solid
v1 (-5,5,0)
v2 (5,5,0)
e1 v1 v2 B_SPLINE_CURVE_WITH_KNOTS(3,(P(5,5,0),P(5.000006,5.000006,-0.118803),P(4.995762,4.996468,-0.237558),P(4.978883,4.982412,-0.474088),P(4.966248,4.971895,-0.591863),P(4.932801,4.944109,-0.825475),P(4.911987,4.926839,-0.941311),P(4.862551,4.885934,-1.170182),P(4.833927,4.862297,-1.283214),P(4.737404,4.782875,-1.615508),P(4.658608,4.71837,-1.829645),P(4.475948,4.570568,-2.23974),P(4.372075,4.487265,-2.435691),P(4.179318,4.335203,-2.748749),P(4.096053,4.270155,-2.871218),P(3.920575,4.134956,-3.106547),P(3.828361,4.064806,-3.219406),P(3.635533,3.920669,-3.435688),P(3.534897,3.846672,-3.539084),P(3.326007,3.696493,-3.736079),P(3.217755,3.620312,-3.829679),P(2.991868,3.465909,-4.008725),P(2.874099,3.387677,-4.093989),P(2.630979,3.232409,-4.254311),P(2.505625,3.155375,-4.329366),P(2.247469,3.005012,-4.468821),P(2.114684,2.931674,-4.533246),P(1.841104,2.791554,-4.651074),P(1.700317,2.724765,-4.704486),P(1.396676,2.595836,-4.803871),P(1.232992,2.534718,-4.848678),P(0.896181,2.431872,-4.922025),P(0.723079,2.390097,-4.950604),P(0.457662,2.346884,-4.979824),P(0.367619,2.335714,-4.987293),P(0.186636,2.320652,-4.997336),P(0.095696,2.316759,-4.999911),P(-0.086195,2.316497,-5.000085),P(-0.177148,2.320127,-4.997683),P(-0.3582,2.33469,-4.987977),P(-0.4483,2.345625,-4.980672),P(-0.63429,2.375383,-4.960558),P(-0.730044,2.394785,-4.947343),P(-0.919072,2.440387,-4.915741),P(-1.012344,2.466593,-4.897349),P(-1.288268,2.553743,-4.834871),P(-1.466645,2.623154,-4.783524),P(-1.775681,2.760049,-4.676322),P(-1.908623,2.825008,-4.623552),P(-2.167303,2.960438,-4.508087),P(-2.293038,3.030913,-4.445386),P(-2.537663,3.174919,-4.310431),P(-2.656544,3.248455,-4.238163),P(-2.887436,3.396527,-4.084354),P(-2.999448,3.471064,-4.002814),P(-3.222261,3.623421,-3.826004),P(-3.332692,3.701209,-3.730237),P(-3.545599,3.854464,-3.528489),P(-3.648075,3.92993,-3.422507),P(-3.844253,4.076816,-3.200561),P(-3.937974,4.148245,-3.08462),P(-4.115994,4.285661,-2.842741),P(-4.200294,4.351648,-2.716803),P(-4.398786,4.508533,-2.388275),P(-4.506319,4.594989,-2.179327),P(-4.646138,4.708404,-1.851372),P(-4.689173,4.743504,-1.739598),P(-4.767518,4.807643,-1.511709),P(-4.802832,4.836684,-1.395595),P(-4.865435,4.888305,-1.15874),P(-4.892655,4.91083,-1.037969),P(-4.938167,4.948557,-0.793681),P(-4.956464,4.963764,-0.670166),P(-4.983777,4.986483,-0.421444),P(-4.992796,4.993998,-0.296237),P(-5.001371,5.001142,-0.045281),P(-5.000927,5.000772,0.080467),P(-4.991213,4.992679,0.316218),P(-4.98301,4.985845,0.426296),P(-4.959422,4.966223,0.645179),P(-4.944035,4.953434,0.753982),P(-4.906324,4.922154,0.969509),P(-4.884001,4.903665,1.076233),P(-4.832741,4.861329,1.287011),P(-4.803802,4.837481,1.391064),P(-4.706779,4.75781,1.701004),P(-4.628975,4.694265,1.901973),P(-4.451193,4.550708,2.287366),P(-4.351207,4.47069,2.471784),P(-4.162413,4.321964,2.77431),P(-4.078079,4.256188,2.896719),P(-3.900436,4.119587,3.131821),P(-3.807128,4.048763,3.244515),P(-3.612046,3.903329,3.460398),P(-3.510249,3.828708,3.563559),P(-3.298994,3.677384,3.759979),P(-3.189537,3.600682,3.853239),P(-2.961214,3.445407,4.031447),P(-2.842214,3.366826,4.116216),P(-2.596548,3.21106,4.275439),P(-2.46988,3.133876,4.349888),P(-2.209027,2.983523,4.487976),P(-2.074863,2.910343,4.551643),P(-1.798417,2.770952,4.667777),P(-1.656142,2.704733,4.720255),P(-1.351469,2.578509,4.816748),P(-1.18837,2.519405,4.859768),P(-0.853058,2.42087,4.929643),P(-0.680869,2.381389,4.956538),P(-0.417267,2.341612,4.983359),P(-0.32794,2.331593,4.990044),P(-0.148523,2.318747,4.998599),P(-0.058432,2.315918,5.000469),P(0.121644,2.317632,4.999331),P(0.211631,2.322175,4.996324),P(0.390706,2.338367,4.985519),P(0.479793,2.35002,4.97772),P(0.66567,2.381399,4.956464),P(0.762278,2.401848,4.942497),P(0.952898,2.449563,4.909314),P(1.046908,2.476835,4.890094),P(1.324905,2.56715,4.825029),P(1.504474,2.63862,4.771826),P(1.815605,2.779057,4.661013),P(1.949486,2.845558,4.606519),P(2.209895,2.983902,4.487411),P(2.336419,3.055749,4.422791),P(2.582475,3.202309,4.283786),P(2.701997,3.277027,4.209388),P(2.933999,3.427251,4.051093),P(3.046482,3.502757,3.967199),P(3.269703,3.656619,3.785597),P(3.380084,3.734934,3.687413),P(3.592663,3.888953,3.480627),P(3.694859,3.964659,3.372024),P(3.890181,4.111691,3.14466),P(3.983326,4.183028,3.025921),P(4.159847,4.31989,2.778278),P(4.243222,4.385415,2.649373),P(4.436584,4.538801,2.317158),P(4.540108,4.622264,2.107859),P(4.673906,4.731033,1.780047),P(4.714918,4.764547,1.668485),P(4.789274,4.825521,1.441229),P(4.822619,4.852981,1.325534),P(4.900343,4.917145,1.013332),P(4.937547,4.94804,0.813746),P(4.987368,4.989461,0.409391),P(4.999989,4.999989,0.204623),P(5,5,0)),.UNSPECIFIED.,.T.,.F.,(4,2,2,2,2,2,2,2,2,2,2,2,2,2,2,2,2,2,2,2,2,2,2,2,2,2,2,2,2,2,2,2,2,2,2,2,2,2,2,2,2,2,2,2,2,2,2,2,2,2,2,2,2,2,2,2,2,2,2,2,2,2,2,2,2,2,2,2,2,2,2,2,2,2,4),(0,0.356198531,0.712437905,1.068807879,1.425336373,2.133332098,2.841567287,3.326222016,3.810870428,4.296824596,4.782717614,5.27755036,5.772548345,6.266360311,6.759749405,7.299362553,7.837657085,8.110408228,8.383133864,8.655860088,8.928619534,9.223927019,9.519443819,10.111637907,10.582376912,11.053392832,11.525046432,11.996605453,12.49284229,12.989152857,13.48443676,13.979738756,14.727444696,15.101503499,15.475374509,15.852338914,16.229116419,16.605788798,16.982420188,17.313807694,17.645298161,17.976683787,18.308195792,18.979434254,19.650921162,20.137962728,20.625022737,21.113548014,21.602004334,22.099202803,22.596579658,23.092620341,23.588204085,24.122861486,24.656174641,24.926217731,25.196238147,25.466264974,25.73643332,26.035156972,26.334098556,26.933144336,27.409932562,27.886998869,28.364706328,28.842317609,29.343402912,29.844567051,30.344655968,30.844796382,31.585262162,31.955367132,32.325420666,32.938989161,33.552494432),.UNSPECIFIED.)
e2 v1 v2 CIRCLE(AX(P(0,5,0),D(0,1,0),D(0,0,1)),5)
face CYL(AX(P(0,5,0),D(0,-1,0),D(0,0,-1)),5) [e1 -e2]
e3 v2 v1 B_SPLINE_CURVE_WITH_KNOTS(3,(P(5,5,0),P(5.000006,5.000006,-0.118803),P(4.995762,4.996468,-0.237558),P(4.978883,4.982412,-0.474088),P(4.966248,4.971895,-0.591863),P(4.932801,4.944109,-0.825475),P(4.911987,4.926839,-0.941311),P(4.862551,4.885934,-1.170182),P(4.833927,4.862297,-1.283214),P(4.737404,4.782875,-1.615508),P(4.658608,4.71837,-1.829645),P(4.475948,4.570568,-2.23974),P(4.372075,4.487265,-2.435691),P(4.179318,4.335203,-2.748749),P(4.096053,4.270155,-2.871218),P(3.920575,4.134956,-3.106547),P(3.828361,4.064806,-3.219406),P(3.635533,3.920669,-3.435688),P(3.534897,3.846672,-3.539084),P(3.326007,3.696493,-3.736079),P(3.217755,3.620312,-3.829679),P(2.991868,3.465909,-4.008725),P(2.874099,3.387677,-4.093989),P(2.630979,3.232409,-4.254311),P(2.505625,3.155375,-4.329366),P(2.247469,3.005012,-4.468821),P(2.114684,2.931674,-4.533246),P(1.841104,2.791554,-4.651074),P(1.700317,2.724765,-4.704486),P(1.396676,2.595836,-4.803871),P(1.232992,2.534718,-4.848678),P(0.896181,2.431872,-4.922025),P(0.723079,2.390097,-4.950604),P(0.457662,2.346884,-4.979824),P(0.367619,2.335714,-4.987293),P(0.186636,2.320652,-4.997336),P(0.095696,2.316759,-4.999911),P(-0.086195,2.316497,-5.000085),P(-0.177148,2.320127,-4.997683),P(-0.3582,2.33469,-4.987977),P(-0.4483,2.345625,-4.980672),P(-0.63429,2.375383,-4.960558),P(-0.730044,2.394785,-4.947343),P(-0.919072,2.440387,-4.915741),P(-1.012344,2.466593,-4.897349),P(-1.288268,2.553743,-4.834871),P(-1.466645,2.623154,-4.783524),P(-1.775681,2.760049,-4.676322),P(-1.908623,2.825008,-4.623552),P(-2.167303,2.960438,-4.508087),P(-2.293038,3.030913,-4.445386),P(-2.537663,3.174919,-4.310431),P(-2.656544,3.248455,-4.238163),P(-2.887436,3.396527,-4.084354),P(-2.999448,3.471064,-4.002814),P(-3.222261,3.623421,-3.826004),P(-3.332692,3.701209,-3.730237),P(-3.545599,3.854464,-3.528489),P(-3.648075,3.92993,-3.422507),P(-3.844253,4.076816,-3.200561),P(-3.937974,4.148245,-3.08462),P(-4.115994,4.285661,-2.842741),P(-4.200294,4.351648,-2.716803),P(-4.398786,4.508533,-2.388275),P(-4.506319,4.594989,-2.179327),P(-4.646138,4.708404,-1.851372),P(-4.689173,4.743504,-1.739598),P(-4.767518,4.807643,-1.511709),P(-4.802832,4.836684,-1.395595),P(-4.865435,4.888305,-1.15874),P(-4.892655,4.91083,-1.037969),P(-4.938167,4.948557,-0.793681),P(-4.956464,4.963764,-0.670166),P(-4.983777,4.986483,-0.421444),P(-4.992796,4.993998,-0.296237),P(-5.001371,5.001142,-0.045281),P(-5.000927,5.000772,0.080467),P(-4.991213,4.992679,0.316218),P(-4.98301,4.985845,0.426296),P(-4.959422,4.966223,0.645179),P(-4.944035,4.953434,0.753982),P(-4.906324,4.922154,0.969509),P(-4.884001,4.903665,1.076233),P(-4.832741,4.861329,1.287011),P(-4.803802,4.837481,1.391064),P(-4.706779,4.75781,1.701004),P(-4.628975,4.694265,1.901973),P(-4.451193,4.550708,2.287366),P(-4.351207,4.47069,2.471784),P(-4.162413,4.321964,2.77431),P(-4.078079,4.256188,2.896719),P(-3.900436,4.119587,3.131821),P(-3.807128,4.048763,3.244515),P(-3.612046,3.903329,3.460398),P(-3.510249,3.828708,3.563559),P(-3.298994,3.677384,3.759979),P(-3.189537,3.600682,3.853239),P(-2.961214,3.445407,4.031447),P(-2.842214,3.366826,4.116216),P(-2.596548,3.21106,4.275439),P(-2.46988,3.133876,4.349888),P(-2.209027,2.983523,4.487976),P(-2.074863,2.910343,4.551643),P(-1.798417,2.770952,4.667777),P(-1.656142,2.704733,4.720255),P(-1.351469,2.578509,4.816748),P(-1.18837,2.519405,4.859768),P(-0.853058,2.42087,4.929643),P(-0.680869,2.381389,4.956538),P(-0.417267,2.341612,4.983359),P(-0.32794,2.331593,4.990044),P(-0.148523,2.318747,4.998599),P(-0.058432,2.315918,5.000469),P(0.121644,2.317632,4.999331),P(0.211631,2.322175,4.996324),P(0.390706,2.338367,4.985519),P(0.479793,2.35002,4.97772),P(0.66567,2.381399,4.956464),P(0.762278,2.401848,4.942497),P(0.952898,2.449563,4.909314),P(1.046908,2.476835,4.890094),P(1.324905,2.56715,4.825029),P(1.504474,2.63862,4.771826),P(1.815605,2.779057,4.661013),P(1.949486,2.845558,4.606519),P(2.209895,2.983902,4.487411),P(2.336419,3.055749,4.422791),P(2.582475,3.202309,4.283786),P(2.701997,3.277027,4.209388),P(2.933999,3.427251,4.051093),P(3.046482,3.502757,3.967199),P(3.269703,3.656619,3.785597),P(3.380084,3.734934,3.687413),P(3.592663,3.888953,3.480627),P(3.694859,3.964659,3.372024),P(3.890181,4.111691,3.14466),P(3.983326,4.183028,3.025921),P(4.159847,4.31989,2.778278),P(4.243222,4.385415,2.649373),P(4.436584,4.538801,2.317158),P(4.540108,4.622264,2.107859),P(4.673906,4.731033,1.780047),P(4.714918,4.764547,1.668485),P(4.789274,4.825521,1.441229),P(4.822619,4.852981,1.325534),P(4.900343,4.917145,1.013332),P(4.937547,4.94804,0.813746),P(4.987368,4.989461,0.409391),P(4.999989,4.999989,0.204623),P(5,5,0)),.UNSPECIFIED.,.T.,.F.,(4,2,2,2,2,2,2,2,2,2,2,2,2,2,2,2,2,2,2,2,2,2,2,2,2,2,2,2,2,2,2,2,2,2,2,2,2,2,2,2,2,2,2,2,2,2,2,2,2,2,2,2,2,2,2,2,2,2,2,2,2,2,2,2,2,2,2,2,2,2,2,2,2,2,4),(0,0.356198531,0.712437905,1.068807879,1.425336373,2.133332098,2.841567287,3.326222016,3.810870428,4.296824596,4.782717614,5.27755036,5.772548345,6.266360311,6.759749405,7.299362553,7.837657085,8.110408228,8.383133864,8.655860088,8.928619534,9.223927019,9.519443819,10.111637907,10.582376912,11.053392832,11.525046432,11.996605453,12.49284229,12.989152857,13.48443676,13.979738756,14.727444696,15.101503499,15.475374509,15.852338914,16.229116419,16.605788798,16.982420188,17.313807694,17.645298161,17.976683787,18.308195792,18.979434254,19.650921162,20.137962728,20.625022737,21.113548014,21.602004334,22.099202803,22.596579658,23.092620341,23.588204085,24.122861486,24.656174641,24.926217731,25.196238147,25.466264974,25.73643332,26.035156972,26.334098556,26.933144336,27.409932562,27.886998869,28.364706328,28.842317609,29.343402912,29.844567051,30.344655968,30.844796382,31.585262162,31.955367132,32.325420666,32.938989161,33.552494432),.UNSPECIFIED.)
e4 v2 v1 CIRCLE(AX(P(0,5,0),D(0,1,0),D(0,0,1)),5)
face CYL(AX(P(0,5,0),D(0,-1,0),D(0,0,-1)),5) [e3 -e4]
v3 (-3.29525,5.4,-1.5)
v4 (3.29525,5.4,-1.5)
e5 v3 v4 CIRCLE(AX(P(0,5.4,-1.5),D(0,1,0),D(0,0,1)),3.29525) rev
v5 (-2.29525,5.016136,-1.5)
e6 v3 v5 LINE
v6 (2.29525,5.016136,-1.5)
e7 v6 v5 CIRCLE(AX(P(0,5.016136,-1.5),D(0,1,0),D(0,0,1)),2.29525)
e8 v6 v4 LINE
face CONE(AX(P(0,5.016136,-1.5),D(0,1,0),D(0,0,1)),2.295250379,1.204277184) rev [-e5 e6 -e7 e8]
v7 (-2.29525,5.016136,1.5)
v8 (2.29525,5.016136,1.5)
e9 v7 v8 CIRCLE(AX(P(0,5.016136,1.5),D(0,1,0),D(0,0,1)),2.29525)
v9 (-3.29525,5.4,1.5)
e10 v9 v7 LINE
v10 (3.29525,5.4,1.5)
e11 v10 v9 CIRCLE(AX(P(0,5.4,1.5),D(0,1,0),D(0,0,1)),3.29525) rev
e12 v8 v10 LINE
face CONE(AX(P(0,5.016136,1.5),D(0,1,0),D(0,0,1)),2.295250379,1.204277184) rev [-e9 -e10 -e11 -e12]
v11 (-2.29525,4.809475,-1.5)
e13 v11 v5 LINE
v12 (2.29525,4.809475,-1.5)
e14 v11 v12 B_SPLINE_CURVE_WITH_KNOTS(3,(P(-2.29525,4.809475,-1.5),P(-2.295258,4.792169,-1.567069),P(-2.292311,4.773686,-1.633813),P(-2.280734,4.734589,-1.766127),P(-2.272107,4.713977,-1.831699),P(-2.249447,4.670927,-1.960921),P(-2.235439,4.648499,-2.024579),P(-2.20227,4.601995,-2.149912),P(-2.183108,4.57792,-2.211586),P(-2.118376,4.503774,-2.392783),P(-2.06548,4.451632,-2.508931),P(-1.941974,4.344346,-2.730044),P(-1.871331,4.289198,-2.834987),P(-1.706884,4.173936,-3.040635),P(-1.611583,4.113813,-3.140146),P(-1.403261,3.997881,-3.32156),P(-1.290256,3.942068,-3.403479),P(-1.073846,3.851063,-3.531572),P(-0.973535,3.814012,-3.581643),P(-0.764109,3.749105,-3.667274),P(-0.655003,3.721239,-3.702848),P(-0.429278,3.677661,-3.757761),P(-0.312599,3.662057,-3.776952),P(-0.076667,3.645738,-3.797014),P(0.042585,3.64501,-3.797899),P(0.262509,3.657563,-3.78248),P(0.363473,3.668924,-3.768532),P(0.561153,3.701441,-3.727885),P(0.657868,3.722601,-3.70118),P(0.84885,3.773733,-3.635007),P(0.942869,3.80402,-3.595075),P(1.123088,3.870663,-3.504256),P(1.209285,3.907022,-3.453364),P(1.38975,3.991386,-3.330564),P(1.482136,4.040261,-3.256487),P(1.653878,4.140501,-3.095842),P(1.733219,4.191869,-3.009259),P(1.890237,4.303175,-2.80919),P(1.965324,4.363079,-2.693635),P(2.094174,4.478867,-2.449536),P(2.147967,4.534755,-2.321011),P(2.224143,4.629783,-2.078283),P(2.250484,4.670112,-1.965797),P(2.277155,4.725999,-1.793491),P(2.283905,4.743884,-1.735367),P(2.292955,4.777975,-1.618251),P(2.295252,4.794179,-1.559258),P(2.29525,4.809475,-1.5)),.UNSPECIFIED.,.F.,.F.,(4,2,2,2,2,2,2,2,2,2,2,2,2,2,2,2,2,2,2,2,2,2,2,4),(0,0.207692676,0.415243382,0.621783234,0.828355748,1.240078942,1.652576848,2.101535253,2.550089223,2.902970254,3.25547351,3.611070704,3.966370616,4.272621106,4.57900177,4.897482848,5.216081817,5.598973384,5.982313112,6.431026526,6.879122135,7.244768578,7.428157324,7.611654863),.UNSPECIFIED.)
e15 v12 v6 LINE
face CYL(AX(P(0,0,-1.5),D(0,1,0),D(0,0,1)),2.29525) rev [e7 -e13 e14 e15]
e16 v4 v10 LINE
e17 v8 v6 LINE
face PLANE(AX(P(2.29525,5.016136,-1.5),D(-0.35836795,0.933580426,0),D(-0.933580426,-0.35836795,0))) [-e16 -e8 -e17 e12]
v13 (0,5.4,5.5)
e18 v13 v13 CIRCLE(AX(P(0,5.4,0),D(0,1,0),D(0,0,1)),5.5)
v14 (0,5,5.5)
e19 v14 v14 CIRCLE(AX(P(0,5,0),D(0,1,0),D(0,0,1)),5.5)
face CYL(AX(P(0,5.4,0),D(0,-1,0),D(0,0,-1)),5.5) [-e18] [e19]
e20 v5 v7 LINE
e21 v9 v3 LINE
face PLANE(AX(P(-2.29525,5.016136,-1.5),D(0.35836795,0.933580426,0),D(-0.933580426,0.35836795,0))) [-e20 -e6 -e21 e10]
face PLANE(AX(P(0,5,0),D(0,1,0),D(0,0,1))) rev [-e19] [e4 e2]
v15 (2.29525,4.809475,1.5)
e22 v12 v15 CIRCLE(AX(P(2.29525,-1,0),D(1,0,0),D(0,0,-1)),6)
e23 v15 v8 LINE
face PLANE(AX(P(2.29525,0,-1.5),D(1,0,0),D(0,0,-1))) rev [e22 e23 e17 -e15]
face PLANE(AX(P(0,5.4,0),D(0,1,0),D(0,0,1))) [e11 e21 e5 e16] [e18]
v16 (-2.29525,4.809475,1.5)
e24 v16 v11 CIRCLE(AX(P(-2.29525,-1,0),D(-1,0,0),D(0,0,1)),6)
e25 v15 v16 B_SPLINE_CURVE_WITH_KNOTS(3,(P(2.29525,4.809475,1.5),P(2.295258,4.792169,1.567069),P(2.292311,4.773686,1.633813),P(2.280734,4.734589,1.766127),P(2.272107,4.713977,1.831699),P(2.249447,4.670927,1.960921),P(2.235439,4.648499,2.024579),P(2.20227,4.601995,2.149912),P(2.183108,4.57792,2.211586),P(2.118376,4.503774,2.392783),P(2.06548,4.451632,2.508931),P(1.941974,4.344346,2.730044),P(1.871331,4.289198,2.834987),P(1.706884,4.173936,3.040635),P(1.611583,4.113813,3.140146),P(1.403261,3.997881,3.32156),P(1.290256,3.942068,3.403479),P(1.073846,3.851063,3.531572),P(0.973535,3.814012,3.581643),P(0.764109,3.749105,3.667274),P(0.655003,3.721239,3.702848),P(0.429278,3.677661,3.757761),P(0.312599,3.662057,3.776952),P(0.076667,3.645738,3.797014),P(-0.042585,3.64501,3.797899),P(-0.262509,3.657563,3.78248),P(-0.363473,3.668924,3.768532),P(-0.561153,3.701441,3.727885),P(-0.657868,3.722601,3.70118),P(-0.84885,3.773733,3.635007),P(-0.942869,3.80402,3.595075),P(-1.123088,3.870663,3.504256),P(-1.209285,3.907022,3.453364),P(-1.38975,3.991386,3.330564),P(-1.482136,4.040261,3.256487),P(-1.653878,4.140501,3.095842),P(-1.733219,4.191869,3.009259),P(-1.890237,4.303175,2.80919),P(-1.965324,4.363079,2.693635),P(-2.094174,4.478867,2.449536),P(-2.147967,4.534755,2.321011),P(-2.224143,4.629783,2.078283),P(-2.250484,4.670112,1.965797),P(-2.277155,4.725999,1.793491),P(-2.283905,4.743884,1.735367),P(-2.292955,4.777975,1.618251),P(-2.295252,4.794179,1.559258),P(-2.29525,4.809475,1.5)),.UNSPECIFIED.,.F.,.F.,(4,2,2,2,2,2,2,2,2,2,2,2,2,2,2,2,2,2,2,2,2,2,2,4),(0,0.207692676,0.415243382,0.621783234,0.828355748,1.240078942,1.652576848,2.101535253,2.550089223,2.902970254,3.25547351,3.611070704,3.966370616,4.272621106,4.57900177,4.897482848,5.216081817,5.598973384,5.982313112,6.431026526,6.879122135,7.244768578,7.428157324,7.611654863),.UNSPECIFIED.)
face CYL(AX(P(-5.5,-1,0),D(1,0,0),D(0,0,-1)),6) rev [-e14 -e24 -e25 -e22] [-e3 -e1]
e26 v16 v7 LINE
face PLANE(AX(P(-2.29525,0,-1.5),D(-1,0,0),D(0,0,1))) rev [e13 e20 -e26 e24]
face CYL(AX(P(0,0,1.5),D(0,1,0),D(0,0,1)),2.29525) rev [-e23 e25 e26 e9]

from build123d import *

# Parameters (mm, degrees)
SKETCH1_R               = 5
BOSS_EXTRUDE1_DEPTH     = 5
SKETCH2_R               = 5.5
BOSS_EXTRUDE2_DEPTH     = 0.4
CUT_EXTRUDE1_DEPTH      = 6.4
SKETCH5_R               = 6
CUT_EXTRUDE2_DEPTH      = 6.5
CUT_EXTRUDE2_DEPTH_BACK = 6.5
CHAMFER4_SIZE           = 1
CHAMFER4_SIZE2          = 0.383864035


with BuildPart() as part:
    # Sketch1 → Boss-Extrude1 (new body)
    with BuildSketch(Plane(origin=(0, 0, 0), x_dir=(1, 0, 0), z_dir=(0, 1, 0))):
        Circle(SKETCH1_R)
    extrude(amount=BOSS_EXTRUDE1_DEPTH)

    # Sketch2 → Boss-Extrude2 (add)
    with BuildSketch(Plane(origin=(0, 5, 0), x_dir=(1, 0, 0), z_dir=(0, 1, 0))):
        Circle(SKETCH2_R)
    extrude(amount=BOSS_EXTRUDE2_DEPTH)

    # Sketch4 → Cut-Extrude1 (cut, through all)
    with BuildSketch(Plane(origin=(0, 5.4, 0), x_dir=(1, 0, 0), z_dir=(0, 1, 0))):
        with BuildLine():
            Line((2.295250379, 1.5), (2.295250379, -1.5))
            ThreePointArc((2.295250379, -1.5), (0, -3.795250379), (-2.295250379, -1.5))
            Line((-2.295250379, -1.5), (-2.295250379, 1.5))
            ThreePointArc((-2.295250379, 1.5), (0, 3.795250379), (2.295250379, 1.5))
        make_face()
    extrude(amount=-CUT_EXTRUDE1_DEPTH, mode=Mode.SUBTRACT)

    # Sketch5 → Cut-Extrude2 (cut, two sides)
    with BuildSketch(Plane(origin=(0, 0, 0), x_dir=(0, 0, -1), z_dir=(1, 0, 0))) as cut_extrude2_sk:
        with Locations((0, -1)):
            Circle(SKETCH5_R)
    extrude(amount=CUT_EXTRUDE2_DEPTH, mode=Mode.SUBTRACT)
    extrude(cut_extrude2_sk.sketch, amount=-CUT_EXTRUDE2_DEPTH_BACK, mode=Mode.SUBTRACT)

    # Chamfer4
    chamfer4_edges = [part.edges().sort_by_distance(p)[0] for p in [
        (0, 5.4, -3.795250379),
        (-2.295250379, 5.4, 0),
        (0, 5.4, 3.795250379),
        (2.295250379, 5.4, 0),
    ]]
    chamfer4_side = [part.faces().sort_by_distance(p)[0] for p in [
        (-5.344436508, 5.4, 0),
    ]]
    chamfer(chamfer4_edges, length=CHAMFER4_SIZE, length2=CHAMFER4_SIZE2, reference=chamfer4_side[0])


solid = part.part
